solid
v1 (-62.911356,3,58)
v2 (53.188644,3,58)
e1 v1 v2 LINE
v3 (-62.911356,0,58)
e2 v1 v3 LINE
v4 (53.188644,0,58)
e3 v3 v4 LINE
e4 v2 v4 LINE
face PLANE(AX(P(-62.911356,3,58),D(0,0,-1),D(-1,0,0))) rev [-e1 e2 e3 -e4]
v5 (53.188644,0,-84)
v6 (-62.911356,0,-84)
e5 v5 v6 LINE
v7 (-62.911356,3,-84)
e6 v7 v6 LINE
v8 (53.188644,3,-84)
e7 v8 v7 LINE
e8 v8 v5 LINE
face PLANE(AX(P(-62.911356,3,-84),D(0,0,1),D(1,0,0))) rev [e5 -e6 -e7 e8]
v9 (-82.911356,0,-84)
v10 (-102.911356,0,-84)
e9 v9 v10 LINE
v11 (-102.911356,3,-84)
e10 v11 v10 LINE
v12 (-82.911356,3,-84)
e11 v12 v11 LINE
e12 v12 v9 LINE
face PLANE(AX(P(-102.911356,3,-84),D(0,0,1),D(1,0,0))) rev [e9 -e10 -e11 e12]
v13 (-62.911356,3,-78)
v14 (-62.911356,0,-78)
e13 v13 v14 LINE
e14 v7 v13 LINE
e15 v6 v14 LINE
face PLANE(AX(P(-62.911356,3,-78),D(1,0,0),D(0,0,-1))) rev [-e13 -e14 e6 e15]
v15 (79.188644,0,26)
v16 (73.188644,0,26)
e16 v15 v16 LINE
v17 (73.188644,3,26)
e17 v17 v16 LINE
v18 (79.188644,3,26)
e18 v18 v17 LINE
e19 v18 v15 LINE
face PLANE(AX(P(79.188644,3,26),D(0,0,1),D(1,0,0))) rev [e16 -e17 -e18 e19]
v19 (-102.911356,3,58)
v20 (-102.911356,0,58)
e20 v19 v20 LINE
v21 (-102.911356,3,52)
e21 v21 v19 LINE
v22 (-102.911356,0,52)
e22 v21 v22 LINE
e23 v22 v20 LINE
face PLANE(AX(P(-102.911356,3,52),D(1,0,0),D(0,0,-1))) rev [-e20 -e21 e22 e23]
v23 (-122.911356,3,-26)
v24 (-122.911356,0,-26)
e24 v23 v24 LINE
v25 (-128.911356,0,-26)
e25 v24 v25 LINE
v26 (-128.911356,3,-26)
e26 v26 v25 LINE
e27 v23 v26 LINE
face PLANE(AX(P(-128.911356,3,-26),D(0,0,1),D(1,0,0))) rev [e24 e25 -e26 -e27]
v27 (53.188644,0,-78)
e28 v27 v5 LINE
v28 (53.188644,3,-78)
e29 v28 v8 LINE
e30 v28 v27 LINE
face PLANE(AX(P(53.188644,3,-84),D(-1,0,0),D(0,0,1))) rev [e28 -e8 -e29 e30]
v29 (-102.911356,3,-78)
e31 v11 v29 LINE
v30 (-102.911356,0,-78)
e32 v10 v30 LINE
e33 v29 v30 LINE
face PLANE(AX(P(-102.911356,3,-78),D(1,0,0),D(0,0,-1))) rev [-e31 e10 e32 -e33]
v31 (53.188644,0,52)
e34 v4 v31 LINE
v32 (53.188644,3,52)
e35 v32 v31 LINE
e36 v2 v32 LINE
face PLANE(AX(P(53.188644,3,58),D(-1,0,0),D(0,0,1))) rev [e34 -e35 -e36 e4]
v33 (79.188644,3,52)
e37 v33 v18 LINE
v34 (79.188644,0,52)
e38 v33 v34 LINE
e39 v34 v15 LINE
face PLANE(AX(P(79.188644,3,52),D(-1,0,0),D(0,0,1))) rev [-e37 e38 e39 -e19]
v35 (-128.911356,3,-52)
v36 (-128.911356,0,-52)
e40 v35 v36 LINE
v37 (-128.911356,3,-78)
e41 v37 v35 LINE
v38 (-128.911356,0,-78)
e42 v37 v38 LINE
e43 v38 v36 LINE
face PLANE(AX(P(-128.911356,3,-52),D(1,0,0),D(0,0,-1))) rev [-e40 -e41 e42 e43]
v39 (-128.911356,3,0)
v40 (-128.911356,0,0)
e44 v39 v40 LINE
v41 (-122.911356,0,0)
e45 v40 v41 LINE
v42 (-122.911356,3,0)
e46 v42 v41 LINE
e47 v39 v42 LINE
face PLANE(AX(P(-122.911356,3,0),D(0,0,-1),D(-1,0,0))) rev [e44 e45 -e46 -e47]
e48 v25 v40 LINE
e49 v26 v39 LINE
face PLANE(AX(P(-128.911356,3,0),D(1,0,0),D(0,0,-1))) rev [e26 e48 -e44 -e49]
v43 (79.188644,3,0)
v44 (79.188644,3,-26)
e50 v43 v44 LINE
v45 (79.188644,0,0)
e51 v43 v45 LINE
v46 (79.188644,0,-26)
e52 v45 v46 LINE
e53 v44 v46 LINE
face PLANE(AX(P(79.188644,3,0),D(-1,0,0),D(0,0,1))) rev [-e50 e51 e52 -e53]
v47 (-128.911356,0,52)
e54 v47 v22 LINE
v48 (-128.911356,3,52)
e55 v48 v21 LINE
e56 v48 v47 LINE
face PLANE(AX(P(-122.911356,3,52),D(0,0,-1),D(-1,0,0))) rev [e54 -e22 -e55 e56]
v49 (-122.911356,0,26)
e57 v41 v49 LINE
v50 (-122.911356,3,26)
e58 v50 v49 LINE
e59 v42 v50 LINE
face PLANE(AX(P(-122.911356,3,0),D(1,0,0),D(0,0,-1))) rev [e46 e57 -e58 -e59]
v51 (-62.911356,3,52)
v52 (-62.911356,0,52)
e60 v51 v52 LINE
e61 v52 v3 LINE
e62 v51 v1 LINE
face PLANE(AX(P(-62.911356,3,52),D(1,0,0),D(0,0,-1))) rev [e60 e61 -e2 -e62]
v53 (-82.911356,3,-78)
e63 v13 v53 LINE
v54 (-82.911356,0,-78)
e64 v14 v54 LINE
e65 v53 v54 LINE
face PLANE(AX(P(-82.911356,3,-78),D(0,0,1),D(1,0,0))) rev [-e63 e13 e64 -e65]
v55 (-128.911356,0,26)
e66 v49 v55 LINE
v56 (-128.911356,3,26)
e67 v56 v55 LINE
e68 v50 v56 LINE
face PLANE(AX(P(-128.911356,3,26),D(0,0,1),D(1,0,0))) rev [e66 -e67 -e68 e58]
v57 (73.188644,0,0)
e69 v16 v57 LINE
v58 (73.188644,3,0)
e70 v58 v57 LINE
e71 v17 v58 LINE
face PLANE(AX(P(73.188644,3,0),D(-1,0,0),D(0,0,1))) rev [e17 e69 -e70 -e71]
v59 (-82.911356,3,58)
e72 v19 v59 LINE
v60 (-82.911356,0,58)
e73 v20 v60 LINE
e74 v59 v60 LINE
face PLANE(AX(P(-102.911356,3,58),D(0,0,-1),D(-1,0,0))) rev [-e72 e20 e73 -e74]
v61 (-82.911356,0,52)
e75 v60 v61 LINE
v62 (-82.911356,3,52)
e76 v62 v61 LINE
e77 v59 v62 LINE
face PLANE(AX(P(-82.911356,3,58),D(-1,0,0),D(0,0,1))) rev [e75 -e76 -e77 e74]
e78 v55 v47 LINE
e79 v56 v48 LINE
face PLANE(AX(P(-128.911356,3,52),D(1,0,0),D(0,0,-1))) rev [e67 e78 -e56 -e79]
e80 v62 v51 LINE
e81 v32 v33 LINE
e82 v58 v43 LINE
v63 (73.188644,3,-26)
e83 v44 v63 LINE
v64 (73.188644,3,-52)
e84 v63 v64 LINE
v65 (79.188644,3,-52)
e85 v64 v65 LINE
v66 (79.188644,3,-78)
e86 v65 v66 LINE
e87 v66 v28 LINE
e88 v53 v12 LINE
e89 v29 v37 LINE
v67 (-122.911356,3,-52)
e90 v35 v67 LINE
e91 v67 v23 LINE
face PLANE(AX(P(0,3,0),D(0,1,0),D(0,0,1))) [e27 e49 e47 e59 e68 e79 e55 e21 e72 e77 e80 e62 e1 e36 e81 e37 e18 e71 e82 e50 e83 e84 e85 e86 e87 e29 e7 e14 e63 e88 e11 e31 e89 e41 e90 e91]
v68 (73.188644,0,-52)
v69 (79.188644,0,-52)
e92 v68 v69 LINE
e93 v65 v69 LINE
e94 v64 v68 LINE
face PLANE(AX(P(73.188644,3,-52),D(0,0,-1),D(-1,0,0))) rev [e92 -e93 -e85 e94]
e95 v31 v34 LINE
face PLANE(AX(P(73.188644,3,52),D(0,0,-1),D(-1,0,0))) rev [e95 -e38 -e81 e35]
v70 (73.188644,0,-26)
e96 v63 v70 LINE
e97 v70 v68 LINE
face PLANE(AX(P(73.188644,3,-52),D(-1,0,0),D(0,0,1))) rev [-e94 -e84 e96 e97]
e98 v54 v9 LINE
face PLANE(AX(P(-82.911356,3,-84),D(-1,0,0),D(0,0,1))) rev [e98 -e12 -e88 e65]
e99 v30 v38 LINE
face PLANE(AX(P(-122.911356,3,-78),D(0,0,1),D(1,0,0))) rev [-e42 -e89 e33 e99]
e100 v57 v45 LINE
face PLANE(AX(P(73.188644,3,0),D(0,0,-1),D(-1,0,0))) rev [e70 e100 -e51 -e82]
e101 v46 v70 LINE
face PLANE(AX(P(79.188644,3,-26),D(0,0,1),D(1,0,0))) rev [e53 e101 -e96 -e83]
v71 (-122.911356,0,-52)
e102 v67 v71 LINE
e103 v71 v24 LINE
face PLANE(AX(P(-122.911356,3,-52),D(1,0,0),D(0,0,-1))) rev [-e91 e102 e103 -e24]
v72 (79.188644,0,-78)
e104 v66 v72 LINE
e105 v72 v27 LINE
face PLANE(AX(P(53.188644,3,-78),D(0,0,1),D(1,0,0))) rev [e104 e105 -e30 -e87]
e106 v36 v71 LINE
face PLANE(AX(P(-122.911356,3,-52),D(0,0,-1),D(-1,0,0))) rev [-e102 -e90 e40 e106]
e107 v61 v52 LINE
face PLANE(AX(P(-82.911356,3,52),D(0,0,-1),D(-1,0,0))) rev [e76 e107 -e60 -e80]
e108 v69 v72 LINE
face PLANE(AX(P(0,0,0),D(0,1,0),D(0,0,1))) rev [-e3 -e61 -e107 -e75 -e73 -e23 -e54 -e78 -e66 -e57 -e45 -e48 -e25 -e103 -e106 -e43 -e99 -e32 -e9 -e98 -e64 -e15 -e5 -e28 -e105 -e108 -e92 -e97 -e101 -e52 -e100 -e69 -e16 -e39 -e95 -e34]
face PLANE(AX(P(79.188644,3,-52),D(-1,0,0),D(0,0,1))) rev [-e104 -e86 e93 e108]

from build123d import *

# Parameters (mm, degrees)
BOSS_EXTRUDE1_DEPTH = 3


with BuildPart() as part:
    # Sketch2 → Boss-Extrude1 (new body)
    with BuildSketch(Plane(origin=(0, 0, 0), x_dir=(1, 0, 0), z_dir=(0, 1, 0))):
        Polygon((-122.911356388, -52), (-128.911356388, -52), (-128.911356388, -26), (-122.911356388, -26), (-122.911356388, 0), (-128.911356388, 0), (-128.911356388, 26), (-122.911356388, 26), (-122.911356388, 52), (-128.911356388, 52), (-128.911356388, 78), (-122.911356388, 78), (-102.911356388, 78), (-102.911356388, 84), (-82.911356388, 84), (-82.911356388, 78), (-62.911356388, 78), (-62.911356388, 84), (53.188643612, 84), (53.188643612, 78), (79.188643612, 78), (79.188643612, 52), (73.188643612, 52), (73.188643612, 26), (79.188643612, 26), (79.188643612, 0), (73.188643612, 0), (73.188643612, -26), (79.188643612, -26), (79.188643612, -52), (73.188643612, -52), (53.188643612, -52), (53.188643612, -58), (-62.911356388, -58), (-62.911356388, -52), (-82.911356388, -52), (-82.911356388, -58), (-102.911356388, -58), (-102.911356388, -52), align=None)
    extrude(amount=BOSS_EXTRUDE1_DEPTH)


solid = part.part
